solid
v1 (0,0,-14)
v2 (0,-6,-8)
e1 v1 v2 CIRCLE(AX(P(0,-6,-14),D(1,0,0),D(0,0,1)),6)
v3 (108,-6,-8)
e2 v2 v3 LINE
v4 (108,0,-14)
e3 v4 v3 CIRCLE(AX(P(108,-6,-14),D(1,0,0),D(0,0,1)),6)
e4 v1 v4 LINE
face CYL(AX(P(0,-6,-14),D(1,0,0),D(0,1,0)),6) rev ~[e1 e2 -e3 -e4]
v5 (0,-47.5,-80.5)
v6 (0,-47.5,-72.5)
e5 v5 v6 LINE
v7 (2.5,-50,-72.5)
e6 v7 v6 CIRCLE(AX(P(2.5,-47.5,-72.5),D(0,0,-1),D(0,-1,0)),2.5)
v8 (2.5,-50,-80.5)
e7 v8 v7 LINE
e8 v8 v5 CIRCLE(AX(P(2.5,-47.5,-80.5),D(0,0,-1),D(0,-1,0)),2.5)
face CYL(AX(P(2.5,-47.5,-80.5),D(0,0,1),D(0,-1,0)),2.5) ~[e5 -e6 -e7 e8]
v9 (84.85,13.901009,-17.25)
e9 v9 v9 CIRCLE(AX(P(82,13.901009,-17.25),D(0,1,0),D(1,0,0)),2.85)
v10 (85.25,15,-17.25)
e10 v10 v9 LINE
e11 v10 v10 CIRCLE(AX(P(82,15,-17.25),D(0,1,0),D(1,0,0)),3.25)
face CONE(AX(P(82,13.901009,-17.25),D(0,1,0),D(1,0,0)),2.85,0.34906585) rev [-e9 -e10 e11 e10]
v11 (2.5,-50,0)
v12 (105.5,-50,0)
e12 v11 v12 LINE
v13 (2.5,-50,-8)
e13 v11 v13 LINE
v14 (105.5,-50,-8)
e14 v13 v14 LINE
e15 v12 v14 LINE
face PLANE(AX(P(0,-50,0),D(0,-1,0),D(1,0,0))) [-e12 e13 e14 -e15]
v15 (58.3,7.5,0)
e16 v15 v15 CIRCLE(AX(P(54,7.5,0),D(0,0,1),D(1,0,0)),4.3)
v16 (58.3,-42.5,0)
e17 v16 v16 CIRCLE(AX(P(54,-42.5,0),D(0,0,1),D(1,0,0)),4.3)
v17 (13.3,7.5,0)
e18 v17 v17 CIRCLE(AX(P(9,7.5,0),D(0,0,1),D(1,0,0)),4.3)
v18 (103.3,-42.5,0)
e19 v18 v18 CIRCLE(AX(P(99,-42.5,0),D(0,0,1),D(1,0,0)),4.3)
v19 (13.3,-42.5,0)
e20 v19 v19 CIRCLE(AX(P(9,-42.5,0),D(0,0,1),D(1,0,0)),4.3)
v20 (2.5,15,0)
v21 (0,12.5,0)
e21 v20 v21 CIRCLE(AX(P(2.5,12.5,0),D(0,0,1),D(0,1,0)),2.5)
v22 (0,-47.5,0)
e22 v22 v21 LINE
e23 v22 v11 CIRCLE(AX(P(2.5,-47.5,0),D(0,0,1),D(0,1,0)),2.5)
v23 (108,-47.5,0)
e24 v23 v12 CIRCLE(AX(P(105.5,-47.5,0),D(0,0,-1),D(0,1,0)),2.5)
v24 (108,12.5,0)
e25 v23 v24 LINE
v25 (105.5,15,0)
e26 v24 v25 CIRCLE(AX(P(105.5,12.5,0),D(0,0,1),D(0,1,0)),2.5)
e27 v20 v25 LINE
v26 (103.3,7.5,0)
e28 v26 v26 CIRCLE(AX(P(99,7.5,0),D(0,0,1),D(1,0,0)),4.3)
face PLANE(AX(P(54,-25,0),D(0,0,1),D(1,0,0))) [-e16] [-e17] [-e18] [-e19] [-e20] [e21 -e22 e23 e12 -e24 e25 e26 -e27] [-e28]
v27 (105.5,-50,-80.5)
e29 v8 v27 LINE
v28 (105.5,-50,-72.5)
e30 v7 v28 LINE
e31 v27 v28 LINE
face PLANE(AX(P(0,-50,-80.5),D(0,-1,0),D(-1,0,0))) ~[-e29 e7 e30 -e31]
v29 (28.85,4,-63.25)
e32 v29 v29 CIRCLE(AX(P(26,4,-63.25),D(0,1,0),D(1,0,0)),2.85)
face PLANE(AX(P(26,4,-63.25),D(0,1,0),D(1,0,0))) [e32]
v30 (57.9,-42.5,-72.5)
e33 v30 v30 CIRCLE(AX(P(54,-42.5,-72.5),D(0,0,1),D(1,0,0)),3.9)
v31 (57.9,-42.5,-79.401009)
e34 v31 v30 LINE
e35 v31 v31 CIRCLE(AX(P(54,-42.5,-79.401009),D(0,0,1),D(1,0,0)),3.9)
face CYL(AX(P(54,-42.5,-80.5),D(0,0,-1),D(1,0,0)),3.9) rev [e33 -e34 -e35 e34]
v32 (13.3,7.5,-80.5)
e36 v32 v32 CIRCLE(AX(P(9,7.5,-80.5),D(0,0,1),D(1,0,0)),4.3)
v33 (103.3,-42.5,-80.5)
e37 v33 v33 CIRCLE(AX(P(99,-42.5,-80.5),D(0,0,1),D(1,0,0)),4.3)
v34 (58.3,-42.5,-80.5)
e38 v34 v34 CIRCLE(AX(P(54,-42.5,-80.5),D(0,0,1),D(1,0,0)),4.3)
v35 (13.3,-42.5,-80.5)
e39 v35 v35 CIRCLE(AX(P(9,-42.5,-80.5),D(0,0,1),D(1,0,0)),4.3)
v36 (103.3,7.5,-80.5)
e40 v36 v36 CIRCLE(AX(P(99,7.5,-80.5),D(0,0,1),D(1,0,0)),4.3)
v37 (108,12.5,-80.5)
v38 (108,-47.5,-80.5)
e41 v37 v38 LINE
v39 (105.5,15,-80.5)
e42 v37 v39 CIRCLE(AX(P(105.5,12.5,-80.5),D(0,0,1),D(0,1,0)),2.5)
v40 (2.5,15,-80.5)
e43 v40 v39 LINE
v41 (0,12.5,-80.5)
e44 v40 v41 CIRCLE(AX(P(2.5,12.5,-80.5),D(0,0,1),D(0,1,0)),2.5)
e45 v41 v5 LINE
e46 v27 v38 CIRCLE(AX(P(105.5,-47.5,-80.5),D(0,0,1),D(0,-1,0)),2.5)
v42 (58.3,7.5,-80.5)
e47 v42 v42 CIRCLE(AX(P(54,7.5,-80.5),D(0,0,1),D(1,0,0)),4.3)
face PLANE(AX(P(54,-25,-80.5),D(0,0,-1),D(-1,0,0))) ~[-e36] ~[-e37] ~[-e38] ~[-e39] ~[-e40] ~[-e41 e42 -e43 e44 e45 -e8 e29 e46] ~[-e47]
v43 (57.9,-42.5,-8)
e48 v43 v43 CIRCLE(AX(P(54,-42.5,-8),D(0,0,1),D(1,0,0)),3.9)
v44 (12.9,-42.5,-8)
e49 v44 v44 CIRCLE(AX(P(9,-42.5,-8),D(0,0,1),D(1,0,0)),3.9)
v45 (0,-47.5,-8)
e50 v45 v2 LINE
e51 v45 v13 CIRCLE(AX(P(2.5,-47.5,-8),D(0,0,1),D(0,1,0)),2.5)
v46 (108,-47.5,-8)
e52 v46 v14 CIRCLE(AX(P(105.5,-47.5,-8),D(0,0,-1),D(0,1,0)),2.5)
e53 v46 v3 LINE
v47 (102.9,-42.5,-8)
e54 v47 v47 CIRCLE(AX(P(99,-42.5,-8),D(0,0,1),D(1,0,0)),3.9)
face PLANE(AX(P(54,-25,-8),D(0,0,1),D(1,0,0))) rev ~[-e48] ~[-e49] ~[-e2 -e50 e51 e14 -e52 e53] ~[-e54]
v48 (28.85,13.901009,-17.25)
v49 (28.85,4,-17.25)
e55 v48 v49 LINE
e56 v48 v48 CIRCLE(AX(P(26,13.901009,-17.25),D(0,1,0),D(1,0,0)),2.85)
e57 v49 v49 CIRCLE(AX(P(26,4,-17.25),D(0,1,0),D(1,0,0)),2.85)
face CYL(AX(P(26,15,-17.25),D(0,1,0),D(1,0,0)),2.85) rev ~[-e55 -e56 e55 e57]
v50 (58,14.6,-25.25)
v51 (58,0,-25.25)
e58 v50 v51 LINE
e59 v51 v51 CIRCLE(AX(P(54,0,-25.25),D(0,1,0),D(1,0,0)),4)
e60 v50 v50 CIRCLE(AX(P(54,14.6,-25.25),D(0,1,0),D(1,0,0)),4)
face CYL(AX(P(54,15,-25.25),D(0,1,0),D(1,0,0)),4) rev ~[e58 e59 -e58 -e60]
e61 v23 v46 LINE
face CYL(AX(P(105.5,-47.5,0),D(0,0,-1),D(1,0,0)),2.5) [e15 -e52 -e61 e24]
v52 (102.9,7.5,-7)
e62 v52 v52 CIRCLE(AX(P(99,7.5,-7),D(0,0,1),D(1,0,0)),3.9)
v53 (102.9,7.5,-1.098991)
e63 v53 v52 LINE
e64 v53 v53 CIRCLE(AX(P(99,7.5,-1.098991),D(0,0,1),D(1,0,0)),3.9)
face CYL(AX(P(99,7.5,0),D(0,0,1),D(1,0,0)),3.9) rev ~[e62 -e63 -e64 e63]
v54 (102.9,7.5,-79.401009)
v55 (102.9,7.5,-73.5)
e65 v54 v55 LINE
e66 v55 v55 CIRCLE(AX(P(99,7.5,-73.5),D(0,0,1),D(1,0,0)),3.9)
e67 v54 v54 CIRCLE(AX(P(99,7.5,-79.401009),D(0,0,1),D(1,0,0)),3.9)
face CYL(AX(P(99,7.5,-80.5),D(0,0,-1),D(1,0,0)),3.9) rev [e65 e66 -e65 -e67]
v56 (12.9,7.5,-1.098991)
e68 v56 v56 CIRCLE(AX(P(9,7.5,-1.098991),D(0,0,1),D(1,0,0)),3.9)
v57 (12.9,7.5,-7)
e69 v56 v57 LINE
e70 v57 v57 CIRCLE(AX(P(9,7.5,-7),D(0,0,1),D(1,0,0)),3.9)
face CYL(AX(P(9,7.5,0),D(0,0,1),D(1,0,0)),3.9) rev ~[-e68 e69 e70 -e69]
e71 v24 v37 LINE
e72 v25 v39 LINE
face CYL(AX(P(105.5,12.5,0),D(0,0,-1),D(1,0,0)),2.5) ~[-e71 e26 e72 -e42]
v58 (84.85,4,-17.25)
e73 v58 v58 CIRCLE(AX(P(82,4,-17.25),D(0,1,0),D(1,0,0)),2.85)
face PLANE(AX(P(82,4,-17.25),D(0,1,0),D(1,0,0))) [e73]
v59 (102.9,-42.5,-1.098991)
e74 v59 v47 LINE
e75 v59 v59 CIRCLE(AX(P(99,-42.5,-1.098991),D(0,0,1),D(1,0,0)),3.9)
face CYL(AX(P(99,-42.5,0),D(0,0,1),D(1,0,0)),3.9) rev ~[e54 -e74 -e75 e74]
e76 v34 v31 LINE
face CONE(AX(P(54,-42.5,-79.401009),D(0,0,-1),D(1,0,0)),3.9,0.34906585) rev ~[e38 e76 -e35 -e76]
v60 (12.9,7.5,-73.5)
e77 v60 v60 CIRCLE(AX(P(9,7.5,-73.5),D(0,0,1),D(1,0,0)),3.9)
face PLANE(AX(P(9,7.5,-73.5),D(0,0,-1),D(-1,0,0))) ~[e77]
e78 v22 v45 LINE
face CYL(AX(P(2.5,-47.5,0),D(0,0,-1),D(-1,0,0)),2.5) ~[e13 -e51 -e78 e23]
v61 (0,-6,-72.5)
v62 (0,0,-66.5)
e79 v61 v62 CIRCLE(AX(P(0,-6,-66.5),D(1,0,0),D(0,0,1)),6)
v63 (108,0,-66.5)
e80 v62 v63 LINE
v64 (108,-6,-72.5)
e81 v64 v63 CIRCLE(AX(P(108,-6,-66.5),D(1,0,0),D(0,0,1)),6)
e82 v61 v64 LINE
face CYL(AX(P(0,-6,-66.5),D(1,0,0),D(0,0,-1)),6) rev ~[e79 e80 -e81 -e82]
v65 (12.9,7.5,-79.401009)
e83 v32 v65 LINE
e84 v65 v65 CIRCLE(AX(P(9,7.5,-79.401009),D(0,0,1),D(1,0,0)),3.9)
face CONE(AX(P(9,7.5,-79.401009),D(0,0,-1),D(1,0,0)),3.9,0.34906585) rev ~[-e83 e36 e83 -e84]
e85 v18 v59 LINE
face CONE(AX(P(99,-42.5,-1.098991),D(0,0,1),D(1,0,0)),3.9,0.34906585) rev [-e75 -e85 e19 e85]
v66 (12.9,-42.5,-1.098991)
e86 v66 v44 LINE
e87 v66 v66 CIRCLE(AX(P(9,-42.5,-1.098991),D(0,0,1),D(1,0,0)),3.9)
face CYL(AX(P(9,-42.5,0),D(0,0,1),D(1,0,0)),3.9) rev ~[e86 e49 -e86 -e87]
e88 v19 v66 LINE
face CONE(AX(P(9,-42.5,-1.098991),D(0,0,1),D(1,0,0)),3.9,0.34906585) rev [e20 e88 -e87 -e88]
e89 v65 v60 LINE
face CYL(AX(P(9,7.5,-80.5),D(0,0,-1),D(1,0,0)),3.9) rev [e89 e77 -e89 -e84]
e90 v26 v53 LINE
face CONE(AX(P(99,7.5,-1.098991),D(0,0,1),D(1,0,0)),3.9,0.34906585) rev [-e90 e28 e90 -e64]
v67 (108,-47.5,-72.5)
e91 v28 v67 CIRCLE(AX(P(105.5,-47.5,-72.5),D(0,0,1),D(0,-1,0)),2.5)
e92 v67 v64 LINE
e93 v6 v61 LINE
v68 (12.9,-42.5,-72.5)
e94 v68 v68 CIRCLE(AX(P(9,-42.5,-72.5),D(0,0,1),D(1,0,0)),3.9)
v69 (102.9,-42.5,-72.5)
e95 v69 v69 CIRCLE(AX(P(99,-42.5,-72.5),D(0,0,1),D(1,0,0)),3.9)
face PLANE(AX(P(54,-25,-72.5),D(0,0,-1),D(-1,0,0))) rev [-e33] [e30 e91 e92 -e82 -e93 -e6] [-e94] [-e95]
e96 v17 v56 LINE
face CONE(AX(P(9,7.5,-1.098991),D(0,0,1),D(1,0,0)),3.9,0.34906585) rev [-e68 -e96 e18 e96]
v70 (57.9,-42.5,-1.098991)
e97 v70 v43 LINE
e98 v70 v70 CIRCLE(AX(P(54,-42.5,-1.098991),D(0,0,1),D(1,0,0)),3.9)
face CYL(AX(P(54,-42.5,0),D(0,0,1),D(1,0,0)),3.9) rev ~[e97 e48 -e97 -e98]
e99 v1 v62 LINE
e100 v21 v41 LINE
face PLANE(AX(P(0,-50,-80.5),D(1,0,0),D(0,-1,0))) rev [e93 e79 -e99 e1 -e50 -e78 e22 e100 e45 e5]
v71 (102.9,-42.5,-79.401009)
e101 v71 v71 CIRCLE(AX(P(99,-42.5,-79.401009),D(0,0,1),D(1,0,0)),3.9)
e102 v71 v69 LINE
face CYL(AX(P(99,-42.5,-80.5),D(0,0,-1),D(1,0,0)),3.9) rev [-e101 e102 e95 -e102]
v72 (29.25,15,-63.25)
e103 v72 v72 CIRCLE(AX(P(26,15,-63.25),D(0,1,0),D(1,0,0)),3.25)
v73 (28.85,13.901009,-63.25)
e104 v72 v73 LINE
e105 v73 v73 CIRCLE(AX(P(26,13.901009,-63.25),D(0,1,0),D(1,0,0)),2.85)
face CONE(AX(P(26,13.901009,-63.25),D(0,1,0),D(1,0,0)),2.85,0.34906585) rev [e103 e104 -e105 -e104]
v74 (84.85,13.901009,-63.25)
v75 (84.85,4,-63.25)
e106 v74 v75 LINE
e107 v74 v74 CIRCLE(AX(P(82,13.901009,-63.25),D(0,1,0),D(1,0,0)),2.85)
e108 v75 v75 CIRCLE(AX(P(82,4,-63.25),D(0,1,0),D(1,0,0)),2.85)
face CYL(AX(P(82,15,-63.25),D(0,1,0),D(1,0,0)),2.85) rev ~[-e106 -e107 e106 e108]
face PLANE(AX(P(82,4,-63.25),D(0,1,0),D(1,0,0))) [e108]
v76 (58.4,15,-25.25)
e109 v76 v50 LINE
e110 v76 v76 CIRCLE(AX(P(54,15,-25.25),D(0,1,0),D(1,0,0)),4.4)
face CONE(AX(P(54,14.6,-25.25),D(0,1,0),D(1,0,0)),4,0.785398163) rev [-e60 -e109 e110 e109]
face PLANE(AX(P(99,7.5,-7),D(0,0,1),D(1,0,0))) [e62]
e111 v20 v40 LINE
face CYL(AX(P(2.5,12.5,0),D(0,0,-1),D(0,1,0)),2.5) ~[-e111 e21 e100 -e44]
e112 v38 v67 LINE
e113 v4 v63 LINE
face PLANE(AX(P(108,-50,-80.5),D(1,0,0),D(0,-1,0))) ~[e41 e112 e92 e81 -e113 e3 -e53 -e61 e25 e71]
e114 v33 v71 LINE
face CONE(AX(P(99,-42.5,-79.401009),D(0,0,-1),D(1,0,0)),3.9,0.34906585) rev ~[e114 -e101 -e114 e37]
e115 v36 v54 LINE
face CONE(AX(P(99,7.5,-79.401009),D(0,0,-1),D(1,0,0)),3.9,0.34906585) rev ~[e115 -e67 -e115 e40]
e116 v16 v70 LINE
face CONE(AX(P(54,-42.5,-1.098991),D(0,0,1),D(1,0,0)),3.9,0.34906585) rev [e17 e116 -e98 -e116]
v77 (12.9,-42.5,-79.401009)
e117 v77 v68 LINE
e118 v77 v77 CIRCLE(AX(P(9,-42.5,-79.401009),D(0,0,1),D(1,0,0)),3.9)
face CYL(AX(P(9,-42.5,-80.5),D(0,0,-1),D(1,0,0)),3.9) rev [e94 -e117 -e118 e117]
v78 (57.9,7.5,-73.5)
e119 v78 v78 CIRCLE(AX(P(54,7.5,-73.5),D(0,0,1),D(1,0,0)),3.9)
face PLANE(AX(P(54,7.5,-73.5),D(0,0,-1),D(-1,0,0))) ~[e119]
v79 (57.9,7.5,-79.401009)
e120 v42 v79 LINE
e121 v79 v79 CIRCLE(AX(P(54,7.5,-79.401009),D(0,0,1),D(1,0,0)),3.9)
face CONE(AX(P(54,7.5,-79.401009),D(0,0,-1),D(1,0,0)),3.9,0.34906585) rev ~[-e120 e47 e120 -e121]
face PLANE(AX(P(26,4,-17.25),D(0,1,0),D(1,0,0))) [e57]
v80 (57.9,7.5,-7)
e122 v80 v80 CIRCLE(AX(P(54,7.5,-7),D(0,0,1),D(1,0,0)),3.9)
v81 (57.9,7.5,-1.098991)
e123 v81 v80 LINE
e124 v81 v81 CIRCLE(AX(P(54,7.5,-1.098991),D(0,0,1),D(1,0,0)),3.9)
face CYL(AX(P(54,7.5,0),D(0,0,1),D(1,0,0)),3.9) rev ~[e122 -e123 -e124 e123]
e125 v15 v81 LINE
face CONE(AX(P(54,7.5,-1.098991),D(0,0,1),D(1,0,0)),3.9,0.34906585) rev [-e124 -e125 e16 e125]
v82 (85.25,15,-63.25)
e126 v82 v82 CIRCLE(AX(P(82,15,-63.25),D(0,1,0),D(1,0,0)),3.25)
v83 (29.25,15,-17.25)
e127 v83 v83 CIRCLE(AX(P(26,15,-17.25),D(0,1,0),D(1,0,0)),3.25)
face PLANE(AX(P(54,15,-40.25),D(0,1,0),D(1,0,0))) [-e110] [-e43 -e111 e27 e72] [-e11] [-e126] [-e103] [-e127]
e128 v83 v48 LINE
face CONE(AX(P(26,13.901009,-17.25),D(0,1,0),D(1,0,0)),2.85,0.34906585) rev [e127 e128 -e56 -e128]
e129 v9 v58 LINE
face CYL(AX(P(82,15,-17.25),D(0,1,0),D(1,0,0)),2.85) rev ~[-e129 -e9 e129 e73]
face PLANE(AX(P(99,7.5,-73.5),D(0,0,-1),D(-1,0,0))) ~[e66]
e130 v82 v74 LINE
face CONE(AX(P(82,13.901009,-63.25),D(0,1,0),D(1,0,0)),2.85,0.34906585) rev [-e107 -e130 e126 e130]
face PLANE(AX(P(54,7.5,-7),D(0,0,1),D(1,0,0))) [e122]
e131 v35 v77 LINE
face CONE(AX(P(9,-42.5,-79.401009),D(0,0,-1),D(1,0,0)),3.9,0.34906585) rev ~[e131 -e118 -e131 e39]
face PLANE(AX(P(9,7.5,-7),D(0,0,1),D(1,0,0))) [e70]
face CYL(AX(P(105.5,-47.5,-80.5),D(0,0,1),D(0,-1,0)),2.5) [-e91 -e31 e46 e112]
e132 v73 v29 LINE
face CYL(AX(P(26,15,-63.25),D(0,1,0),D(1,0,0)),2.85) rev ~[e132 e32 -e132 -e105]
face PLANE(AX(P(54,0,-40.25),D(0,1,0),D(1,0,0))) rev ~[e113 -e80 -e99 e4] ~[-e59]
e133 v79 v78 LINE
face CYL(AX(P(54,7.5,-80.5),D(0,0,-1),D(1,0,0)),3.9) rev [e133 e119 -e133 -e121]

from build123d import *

# Parameters (mm, degrees)
SKETCH1_W             = 108
SKETCH1_H             = 80.5
BOSS_EXTRUDE1_DEPTH   = 15
SKETCH2_R             = 3.9
CUT_EXTRUDE1_DEPTH    = 7
SKETCH3_W             = 108
SKETCH3_H             = 50
SKETCH3_R             = 3.9
BOSS_EXTRUDE2_DEPTH   = 8
CHAMFER1_SIZE         = 0.4
CHAMFER1_SIZE2        = 1.098990968
CHAMFER1_PART_2_SIZE  = 0.4
CHAMFER1_PART_2_SIZE2 = 1.098990968
FILLET1_R             = 2.5
FILLET2_R             = 6
SKETCH4_R             = 2.85
CUT_EXTRUDE2_DEPTH    = 11
CHAMFER2_SIZE         = 0.4
CHAMFER2_SIZE2        = 1.098990968
SKETCH5_R             = 4
CUT_EXTRUDE3_DEPTH    = 66
CHAMFER3_SIZE         = 0.4


with BuildPart() as part:
    # Sketch1 → Boss-Extrude1 (new body)
    with BuildSketch(Plane(origin=(0, 0, 0), x_dir=(1, 0, 0), z_dir=(0, 1, 0))):
        with Locations((54, 40.25)):
            Rectangle(SKETCH1_W, SKETCH1_H)
    extrude(amount=BOSS_EXTRUDE1_DEPTH)

    # Sketch2 → Cut-Extrude1 (cut)
    with BuildSketch(Plane.XY):
        with Locations((9, 7.5)):
            Circle(SKETCH2_R)
        with Locations((99, 7.5)):
            Circle(SKETCH2_R)
        with Locations((54, 7.5)):
            Circle(SKETCH2_R)
    cut_extrude1 = extrude(amount=-CUT_EXTRUDE1_DEPTH, mode=Mode.SUBTRACT)

    # Sketch3 → Boss-Extrude2 (add)
    with BuildSketch(Plane.XY):
        with Locations((54, -25)):
            Rectangle(SKETCH3_W, SKETCH3_H)
        with Locations((99, -42.5)):
            Circle(SKETCH3_R, mode=Mode.SUBTRACT)
        with Locations((54, -42.5)):
            Circle(SKETCH3_R, mode=Mode.SUBTRACT)
        with Locations((9, -42.5)):
            Circle(SKETCH3_R, mode=Mode.SUBTRACT)
    boss_extrude2 = extrude(amount=-BOSS_EXTRUDE2_DEPTH)

    # Mirror1: Cut-Extrude1, Boss-Extrude2 across plane
    add(cut_extrude1.mirror(Plane.XY.offset(-40.25)), mode=Mode.SUBTRACT)
    add(boss_extrude2.mirror(Plane.XY.offset(-40.25)))

    # Chamfer1
    chamfer1_edges = [part.edges().sort_by_distance(p)[0] for p in [
        (5.1, 7.5, 0),
        (95.1, 7.5, 0),
        (50.1, 7.5, 0),
        (95.1, -42.5, 0),
        (50.1, -42.5, 0),
        (5.1, -42.5, 0),
    ]]
    chamfer1_side = [part.faces().sort_by_distance(p)[0] for p in [
        (54, -17.5, 0),
    ]]
    chamfer(chamfer1_edges, length=CHAMFER1_SIZE, length2=CHAMFER1_SIZE2, reference=chamfer1_side[0])

    # Chamfer1 part 2
    chamfer1_part_2_edges = [part.edges().sort_by_distance(p)[0] for p in [
        (5.1, 7.5, -80.5),
        (95.1, 7.5, -80.5),
        (50.1, 7.5, -80.5),
        (50.1, -42.5, -80.5),
        (95.1, -42.5, -80.5),
        (5.1, -42.5, -80.5),
    ]]
    chamfer1_part_2_side = [part.faces().sort_by_distance(p)[0] for p in [
        (54, -17.5, -80.5),
    ]]
    chamfer(chamfer1_part_2_edges, length=CHAMFER1_PART_2_SIZE, length2=CHAMFER1_PART_2_SIZE2, reference=chamfer1_part_2_side[0])

    # Fillet1
    fillet1_edges = [part.edges().sort_by_distance(p)[0] for p in [
        (108, 15, -40.25),
        (0, -50, -4),
        (108, -50, -4),
        (0, 15, -40.25),
        (0, -50, -76.5),
        (108, -50, -76.5),
    ]]
    fillet(fillet1_edges, radius=FILLET1_R)

    # Fillet2
    fillet2_edges = [part.edges().sort_by_distance(p)[0] for p in [
        (54, 0, -8),
        (54, 0, -72.5),
    ]]
    fillet(fillet2_edges, radius=FILLET2_R)

    # Sketch4 → Cut-Extrude2 (cut)
    with BuildSketch(Plane(origin=(0, 15, 0), x_dir=(1, 0, 0), z_dir=(0, 1, 0))):
        with Locations((82, 17.25)):
            Circle(SKETCH4_R)
        with Locations((26, 17.25)):
            Circle(SKETCH4_R)
        with Locations((26, 63.25)):
            Circle(SKETCH4_R)
        with Locations((82, 63.25)):
            Circle(SKETCH4_R)
    extrude(amount=-CUT_EXTRUDE2_DEPTH, mode=Mode.SUBTRACT)

    # Chamfer2
    chamfer2_edges = [part.edges().sort_by_distance(p)[0] for p in [
        (79.15, 15, -63.25),
        (23.15, 15, -63.25),
        (23.15, 15, -17.25),
        (79.15, 15, -17.25),
    ]]
    chamfer2_side = [part.faces().sort_by_distance(p)[0] for p in [
        (54, 15, -40.25),
    ]]
    chamfer(chamfer2_edges, length=CHAMFER2_SIZE, length2=CHAMFER2_SIZE2, reference=chamfer2_side[0])

    # Sketch5 → Cut-Extrude3 (cut, through all)
    with BuildSketch(Plane(origin=(0, 15, 0), x_dir=(1, 0, 0), z_dir=(0, 1, 0))):
        with Locations((54, 25.25)):
            Circle(SKETCH5_R)
    extrude(amount=-CUT_EXTRUDE3_DEPTH, mode=Mode.SUBTRACT)

    # Chamfer3
    chamfer3_edges = [part.edges().sort_by_distance(p)[0] for p in [
        (50, 15, -25.25),
    ]]
    chamfer(chamfer3_edges, length=CHAMFER3_SIZE)


solid = part.part
